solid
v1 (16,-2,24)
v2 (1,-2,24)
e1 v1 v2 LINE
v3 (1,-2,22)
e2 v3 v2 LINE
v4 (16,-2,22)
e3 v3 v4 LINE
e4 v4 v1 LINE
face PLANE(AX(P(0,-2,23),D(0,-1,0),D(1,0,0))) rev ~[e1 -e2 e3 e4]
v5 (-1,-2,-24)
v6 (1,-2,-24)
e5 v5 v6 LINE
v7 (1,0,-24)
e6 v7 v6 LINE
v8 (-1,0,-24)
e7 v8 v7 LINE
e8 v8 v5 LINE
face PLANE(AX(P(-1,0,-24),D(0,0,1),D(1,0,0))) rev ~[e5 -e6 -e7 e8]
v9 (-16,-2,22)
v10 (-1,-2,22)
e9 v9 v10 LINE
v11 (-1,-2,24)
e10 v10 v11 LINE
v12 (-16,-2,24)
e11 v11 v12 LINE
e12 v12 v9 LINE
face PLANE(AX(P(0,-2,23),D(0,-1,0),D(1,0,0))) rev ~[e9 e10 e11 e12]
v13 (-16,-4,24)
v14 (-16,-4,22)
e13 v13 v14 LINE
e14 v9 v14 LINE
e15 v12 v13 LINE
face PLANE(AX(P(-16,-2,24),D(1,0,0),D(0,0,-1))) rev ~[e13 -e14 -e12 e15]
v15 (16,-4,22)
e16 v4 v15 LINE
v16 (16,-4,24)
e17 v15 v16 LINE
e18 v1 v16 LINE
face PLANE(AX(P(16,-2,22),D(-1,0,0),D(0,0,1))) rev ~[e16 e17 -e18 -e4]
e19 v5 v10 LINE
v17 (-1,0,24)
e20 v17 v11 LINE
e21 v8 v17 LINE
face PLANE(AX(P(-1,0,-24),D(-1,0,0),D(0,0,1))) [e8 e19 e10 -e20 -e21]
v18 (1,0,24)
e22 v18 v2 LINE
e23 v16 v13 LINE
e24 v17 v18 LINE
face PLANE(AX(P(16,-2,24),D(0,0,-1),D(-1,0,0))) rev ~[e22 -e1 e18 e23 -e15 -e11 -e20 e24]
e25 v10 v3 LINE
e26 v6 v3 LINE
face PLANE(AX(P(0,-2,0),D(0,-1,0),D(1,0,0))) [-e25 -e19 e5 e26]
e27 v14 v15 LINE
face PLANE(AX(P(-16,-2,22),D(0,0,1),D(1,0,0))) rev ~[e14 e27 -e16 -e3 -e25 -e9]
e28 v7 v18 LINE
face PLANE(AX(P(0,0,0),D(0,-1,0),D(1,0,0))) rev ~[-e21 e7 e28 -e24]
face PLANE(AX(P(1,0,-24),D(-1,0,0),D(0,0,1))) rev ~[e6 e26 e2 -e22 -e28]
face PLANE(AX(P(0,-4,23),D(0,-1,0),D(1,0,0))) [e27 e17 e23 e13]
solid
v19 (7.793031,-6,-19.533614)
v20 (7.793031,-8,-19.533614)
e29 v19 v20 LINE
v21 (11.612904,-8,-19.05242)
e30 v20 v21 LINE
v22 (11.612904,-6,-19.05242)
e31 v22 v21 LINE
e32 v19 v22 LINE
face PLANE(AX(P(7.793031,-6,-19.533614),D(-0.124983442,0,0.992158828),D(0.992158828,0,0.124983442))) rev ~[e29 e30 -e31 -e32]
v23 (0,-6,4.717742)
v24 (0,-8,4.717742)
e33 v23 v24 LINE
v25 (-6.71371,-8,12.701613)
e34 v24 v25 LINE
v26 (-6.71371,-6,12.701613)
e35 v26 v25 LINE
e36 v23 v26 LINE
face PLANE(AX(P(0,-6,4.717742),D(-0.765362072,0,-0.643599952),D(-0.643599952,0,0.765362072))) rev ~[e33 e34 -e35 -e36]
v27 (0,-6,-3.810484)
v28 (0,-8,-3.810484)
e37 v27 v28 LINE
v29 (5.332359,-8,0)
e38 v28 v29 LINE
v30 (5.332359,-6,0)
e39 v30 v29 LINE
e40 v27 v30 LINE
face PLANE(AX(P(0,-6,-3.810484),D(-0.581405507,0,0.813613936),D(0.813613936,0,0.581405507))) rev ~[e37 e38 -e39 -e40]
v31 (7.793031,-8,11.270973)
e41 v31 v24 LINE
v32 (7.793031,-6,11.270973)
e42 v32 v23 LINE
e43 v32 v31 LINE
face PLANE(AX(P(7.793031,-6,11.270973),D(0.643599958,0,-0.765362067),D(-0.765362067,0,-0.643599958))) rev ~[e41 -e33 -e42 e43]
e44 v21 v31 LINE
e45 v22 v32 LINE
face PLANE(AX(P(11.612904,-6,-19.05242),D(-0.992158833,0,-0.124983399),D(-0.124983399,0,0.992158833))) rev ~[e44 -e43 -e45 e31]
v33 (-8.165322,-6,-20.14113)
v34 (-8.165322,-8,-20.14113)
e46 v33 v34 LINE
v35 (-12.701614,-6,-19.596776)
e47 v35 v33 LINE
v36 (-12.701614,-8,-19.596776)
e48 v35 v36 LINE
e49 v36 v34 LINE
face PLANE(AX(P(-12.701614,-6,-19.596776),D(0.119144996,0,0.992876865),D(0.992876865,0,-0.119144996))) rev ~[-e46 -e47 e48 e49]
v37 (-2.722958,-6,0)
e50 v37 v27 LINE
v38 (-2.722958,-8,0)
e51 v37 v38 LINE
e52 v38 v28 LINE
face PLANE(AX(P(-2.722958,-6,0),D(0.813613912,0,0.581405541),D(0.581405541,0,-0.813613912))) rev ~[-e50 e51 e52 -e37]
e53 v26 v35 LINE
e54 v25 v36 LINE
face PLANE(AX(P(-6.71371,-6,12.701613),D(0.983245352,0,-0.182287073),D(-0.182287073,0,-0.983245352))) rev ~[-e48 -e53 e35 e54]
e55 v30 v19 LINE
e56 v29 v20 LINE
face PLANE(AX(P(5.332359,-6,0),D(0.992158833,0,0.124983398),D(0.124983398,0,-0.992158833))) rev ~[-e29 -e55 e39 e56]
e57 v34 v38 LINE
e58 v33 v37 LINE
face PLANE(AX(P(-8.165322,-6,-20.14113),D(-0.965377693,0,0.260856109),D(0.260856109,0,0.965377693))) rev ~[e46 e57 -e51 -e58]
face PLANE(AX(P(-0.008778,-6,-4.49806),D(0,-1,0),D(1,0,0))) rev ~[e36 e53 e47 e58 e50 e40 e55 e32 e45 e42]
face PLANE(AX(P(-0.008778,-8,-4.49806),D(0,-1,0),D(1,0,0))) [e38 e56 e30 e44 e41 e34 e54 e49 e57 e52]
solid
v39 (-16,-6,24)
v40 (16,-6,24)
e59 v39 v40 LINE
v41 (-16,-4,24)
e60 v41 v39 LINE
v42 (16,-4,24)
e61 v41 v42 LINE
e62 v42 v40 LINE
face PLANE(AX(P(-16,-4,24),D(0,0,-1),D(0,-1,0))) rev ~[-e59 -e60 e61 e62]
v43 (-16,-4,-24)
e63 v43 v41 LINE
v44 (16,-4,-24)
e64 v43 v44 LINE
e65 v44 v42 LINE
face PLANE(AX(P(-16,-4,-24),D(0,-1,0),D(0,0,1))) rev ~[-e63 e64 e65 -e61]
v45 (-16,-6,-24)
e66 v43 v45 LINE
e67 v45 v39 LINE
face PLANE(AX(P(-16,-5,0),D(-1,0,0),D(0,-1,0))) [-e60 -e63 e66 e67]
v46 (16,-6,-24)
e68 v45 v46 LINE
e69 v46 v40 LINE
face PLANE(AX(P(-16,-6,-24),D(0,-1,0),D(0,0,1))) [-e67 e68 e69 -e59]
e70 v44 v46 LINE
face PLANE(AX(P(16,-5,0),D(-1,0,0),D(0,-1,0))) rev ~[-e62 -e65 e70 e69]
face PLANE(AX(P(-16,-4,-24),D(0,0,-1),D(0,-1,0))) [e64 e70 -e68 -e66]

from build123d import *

# Parameters (mm, degrees)
F0_W     = 2
F0_H     = 48
F1_DEPTH = 2
F3_DEPTH = 2
F4_W     = 2
F4_H     = 48
F5_DEPTH = 32
F7_DEPTH = 2


with BuildPart() as f1:
    # F0 (on Front) → F1 (new body)
    with BuildSketch(Plane.XZ):
        Rectangle(F0_W, F0_H)
    extrude(amount=F1_DEPTH)

    # F2 (on face) → F3 (join)
    with BuildSketch(Plane.XZ.offset(2)):
        Polygon((16, 24), (-1, 24), (-16, 24), (-16, 22), (16, 22), align=None)
    extrude(amount=F3_DEPTH)


with BuildPart() as f5:
    # F4 (on face) → F5 (new body)
    with BuildSketch(Plane(origin=(-16, 0, 0), x_dir=(0, -1, 0), z_dir=(-1, 0, 0))):
        with Locations((5, 0)):
            Rectangle(F4_W, F4_H)
    extrude(amount=-F5_DEPTH)


with BuildPart() as f7:
    # F6 (on face) → F7 (new body)
    with BuildSketch(Plane.XZ.offset(6)):
        Polygon((-6.71371, 12.701613), (-12.701614, -19.596776), (-8.165322, -20.14113), (-2.722958, 0), (0, -3.810484), (5.332359, 0), (7.793031, -19.533614), (11.612904, -19.05242), (7.793031, 11.270973), (0, 4.717742), align=None)
    extrude(amount=F7_DEPTH)


solid = Compound([f1.part, f5.part, f7.part])
